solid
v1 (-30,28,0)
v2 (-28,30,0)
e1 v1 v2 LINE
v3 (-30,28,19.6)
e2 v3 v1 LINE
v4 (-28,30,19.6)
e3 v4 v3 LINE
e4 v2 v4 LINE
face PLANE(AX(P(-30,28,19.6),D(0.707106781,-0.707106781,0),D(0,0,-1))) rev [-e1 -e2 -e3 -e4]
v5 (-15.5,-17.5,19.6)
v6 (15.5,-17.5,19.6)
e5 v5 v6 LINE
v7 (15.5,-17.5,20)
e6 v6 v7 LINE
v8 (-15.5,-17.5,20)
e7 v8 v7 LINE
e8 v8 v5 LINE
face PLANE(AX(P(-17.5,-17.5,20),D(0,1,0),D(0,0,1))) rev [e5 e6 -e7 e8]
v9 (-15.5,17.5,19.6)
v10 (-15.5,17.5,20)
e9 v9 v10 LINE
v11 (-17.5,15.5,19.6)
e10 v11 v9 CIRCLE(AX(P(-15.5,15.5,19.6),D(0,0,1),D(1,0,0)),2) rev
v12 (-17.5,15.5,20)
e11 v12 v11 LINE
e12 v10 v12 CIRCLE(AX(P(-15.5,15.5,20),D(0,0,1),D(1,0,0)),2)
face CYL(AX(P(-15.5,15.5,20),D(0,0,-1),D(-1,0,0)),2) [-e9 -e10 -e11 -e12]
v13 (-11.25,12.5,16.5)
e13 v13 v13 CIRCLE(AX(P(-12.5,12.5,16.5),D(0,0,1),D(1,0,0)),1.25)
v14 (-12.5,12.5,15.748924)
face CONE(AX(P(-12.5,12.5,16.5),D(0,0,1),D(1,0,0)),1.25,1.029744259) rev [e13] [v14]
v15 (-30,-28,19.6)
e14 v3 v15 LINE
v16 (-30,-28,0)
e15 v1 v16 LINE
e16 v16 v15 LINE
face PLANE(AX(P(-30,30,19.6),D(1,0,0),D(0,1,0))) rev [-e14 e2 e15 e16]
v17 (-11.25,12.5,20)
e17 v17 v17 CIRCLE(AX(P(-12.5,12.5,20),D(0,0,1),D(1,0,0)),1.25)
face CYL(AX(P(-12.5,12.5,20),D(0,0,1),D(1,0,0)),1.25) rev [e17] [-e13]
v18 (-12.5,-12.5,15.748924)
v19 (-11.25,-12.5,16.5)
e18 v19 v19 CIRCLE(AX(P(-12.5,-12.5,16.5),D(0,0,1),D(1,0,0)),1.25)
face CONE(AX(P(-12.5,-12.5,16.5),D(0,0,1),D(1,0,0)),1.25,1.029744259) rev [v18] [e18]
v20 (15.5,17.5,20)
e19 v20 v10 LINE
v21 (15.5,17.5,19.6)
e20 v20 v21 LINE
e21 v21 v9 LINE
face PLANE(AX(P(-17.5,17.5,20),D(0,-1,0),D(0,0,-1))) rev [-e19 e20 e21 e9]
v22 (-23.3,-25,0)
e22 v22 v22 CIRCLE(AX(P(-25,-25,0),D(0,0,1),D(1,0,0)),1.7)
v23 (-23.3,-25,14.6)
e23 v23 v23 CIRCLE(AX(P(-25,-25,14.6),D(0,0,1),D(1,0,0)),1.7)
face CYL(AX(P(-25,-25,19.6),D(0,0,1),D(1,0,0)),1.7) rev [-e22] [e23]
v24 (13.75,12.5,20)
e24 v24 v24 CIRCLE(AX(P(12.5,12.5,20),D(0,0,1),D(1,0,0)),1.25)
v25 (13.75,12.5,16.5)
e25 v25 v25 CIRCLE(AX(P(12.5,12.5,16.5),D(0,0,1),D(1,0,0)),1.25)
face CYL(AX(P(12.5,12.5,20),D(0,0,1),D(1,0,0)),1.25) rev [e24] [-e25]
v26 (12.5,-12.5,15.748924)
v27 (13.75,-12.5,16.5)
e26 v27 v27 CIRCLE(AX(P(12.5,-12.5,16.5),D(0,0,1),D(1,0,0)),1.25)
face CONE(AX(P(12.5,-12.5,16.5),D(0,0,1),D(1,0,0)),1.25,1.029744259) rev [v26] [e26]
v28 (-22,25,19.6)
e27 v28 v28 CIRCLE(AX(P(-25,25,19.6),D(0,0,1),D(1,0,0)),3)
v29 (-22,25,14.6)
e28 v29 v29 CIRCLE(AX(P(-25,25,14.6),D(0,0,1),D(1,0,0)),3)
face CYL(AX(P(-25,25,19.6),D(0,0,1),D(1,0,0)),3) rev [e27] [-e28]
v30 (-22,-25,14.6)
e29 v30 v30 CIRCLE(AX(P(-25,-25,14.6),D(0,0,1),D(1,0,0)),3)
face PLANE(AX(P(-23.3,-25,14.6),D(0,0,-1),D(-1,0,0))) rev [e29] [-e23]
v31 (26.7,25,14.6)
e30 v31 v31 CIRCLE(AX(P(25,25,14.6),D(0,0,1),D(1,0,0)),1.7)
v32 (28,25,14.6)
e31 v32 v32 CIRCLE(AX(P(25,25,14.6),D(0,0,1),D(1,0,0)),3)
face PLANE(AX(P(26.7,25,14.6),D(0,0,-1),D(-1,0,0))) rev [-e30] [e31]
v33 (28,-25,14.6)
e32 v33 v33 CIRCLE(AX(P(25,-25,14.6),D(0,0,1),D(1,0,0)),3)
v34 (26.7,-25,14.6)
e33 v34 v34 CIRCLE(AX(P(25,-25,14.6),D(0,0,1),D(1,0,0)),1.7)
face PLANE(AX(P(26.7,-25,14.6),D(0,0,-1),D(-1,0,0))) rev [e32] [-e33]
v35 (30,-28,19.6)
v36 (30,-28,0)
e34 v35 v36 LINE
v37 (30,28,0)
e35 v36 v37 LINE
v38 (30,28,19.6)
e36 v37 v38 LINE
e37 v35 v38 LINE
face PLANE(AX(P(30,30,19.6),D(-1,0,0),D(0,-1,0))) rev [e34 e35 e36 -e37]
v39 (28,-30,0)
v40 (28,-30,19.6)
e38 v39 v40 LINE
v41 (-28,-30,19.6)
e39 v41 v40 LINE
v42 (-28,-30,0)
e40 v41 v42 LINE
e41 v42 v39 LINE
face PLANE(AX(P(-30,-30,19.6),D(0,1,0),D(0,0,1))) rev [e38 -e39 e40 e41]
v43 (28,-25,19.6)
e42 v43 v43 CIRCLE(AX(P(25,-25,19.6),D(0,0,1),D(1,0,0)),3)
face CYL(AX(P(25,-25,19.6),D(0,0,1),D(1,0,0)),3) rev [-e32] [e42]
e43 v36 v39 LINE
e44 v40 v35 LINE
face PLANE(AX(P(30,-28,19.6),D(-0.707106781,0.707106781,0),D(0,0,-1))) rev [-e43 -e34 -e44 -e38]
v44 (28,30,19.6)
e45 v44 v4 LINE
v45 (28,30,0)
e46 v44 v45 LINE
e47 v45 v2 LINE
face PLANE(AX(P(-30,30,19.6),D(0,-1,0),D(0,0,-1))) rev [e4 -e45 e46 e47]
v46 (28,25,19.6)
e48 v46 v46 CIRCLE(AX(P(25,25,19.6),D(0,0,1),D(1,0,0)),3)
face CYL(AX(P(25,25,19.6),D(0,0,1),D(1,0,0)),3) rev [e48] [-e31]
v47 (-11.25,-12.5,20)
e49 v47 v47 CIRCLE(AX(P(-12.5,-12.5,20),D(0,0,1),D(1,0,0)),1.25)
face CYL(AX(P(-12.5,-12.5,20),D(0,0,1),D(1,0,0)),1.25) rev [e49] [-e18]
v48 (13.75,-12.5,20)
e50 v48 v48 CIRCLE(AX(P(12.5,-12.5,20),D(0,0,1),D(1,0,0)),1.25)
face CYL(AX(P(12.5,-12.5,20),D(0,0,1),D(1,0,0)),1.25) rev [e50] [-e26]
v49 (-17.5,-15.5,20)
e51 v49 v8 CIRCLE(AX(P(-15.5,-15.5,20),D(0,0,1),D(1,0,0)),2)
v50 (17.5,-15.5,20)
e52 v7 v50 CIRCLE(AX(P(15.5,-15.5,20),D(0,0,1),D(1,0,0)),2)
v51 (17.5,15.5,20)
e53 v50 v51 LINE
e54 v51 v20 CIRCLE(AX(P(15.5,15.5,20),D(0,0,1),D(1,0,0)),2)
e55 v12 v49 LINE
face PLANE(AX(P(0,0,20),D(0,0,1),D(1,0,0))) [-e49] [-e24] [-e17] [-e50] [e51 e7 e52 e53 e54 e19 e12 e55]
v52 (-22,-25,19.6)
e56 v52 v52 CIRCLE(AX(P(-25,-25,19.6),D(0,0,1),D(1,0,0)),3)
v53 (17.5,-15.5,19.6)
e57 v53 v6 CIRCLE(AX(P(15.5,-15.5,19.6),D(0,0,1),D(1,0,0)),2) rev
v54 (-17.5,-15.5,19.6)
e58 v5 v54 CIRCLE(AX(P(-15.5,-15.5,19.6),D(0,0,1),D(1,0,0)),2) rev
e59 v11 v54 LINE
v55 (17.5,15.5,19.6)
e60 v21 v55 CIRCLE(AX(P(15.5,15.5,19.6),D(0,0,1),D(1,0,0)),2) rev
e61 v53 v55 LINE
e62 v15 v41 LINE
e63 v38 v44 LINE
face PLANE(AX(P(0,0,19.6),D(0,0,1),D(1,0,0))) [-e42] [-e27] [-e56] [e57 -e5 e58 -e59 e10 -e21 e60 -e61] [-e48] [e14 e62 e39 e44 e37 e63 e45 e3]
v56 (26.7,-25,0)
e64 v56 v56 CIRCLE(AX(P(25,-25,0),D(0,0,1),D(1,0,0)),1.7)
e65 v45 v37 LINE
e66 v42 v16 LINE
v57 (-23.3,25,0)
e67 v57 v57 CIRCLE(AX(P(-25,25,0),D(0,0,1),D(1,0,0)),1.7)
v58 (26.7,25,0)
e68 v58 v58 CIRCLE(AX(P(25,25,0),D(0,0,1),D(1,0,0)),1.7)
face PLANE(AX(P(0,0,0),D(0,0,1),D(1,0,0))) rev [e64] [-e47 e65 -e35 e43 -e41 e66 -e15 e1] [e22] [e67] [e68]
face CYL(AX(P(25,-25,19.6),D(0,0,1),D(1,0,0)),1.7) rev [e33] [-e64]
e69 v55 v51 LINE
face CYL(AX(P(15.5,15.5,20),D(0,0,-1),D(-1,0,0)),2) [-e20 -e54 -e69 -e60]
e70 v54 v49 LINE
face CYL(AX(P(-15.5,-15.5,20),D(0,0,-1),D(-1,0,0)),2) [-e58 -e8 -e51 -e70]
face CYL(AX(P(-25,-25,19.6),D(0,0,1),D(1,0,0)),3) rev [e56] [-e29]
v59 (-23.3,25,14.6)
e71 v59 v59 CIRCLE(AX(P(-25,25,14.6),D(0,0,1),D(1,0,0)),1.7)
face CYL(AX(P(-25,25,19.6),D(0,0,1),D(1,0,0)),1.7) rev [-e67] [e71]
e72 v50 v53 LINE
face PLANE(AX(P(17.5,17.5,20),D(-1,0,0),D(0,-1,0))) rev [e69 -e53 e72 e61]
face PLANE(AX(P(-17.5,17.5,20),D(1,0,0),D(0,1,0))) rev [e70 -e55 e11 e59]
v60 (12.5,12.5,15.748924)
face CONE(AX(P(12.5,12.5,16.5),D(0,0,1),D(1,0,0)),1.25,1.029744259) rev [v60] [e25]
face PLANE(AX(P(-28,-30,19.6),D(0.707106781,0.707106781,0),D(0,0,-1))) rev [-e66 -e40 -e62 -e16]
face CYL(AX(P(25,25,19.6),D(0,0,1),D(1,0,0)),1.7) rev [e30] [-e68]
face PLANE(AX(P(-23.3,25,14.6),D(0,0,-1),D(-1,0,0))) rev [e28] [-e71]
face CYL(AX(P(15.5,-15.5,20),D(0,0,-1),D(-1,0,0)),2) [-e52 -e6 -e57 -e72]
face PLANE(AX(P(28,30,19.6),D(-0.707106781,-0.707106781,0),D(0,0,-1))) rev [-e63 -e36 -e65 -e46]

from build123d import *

# Parameters (mm, degrees)
SKETCH_1_W                = 60
SKETCH_1_H                = 60
EXTRUDE_1_DEPTH           = 19.6
CHAMFER_1_SIZE            = 2
SKETCH_2_W                = 35
SKETCH_2_H                = 35
EXTRUDE_2_DEPTH           = 0.4
FILLET_1_R                = 2
HOLE_WIZARD_1_D           = 3.4
HOLE_WIZARD_1_CBORE_D     = 6
HOLE_WIZARD_1_CBORE_DEPTH = 5
HOLE_WIZARD_M3_1_D        = 2.5
HOLE_WIZARD_M3_1_DEPTH    = 3.5
HOLE_WIZARD_M3_1_TIP      = 0.751075774


with BuildPart() as part:
    # 草图1 → 凸台-拉伸1 (new body)
    with BuildSketch(Plane.XY):
        Rectangle(SKETCH_1_W, SKETCH_1_H)
    extrude(amount=EXTRUDE_1_DEPTH)

    # 倒角1
    chamfer_1_edges = [part.edges().sort_by_distance(p)[0] for p in [
        (30, -30, 9.8),
        (-30, -30, 9.8),
        (-30, 30, 9.8),
        (30, 30, 9.8),
    ]]
    chamfer(chamfer_1_edges, length=CHAMFER_1_SIZE)

    # 草图2 → 凸台-拉伸2 (add)
    with BuildSketch(Plane.XY.offset(19.6)):
        Rectangle(SKETCH_2_W, SKETCH_2_H)
    extrude(amount=EXTRUDE_2_DEPTH)

    # 圆角1
    fillet_1_edges = [part.edges().sort_by_distance(p)[0] for p in [
        (17.5, -17.5, 19.8),
        (17.5, 17.5, 19.8),
        (-17.5, 17.5, 19.8),
        (-17.5, -17.5, 19.8),
    ]]
    fillet(fillet_1_edges, radius=FILLET_1_R)

    # 孔1 (through all)
    with Locations(Plane(origin=(-25, 25, 19.6), x_dir=(1, 0, 0), z_dir=(0, 0, 1))):
        with Locations((0, 0), (50, 0), (0, -50), (50, -50)):
            CounterBoreHole(HOLE_WIZARD_1_D / 2, HOLE_WIZARD_1_CBORE_D / 2, HOLE_WIZARD_1_CBORE_DEPTH)

    # M3 螺纹孔1
    with Locations(Plane(origin=(-12.5, 12.5, 20), x_dir=(1, 0, 0), z_dir=(0, 0, 1))):
        with Locations((0, 0), (25, 0), (25, -25), (0, -25)):
            Hole(HOLE_WIZARD_M3_1_D / 2, depth=HOLE_WIZARD_M3_1_DEPTH)
            with Locations((0, 0, -(HOLE_WIZARD_M3_1_DEPTH + HOLE_WIZARD_M3_1_TIP / 2))):  # 118° drill point
                Cone(0, HOLE_WIZARD_M3_1_D / 2, HOLE_WIZARD_M3_1_TIP, mode=Mode.SUBTRACT)


solid = part.part
